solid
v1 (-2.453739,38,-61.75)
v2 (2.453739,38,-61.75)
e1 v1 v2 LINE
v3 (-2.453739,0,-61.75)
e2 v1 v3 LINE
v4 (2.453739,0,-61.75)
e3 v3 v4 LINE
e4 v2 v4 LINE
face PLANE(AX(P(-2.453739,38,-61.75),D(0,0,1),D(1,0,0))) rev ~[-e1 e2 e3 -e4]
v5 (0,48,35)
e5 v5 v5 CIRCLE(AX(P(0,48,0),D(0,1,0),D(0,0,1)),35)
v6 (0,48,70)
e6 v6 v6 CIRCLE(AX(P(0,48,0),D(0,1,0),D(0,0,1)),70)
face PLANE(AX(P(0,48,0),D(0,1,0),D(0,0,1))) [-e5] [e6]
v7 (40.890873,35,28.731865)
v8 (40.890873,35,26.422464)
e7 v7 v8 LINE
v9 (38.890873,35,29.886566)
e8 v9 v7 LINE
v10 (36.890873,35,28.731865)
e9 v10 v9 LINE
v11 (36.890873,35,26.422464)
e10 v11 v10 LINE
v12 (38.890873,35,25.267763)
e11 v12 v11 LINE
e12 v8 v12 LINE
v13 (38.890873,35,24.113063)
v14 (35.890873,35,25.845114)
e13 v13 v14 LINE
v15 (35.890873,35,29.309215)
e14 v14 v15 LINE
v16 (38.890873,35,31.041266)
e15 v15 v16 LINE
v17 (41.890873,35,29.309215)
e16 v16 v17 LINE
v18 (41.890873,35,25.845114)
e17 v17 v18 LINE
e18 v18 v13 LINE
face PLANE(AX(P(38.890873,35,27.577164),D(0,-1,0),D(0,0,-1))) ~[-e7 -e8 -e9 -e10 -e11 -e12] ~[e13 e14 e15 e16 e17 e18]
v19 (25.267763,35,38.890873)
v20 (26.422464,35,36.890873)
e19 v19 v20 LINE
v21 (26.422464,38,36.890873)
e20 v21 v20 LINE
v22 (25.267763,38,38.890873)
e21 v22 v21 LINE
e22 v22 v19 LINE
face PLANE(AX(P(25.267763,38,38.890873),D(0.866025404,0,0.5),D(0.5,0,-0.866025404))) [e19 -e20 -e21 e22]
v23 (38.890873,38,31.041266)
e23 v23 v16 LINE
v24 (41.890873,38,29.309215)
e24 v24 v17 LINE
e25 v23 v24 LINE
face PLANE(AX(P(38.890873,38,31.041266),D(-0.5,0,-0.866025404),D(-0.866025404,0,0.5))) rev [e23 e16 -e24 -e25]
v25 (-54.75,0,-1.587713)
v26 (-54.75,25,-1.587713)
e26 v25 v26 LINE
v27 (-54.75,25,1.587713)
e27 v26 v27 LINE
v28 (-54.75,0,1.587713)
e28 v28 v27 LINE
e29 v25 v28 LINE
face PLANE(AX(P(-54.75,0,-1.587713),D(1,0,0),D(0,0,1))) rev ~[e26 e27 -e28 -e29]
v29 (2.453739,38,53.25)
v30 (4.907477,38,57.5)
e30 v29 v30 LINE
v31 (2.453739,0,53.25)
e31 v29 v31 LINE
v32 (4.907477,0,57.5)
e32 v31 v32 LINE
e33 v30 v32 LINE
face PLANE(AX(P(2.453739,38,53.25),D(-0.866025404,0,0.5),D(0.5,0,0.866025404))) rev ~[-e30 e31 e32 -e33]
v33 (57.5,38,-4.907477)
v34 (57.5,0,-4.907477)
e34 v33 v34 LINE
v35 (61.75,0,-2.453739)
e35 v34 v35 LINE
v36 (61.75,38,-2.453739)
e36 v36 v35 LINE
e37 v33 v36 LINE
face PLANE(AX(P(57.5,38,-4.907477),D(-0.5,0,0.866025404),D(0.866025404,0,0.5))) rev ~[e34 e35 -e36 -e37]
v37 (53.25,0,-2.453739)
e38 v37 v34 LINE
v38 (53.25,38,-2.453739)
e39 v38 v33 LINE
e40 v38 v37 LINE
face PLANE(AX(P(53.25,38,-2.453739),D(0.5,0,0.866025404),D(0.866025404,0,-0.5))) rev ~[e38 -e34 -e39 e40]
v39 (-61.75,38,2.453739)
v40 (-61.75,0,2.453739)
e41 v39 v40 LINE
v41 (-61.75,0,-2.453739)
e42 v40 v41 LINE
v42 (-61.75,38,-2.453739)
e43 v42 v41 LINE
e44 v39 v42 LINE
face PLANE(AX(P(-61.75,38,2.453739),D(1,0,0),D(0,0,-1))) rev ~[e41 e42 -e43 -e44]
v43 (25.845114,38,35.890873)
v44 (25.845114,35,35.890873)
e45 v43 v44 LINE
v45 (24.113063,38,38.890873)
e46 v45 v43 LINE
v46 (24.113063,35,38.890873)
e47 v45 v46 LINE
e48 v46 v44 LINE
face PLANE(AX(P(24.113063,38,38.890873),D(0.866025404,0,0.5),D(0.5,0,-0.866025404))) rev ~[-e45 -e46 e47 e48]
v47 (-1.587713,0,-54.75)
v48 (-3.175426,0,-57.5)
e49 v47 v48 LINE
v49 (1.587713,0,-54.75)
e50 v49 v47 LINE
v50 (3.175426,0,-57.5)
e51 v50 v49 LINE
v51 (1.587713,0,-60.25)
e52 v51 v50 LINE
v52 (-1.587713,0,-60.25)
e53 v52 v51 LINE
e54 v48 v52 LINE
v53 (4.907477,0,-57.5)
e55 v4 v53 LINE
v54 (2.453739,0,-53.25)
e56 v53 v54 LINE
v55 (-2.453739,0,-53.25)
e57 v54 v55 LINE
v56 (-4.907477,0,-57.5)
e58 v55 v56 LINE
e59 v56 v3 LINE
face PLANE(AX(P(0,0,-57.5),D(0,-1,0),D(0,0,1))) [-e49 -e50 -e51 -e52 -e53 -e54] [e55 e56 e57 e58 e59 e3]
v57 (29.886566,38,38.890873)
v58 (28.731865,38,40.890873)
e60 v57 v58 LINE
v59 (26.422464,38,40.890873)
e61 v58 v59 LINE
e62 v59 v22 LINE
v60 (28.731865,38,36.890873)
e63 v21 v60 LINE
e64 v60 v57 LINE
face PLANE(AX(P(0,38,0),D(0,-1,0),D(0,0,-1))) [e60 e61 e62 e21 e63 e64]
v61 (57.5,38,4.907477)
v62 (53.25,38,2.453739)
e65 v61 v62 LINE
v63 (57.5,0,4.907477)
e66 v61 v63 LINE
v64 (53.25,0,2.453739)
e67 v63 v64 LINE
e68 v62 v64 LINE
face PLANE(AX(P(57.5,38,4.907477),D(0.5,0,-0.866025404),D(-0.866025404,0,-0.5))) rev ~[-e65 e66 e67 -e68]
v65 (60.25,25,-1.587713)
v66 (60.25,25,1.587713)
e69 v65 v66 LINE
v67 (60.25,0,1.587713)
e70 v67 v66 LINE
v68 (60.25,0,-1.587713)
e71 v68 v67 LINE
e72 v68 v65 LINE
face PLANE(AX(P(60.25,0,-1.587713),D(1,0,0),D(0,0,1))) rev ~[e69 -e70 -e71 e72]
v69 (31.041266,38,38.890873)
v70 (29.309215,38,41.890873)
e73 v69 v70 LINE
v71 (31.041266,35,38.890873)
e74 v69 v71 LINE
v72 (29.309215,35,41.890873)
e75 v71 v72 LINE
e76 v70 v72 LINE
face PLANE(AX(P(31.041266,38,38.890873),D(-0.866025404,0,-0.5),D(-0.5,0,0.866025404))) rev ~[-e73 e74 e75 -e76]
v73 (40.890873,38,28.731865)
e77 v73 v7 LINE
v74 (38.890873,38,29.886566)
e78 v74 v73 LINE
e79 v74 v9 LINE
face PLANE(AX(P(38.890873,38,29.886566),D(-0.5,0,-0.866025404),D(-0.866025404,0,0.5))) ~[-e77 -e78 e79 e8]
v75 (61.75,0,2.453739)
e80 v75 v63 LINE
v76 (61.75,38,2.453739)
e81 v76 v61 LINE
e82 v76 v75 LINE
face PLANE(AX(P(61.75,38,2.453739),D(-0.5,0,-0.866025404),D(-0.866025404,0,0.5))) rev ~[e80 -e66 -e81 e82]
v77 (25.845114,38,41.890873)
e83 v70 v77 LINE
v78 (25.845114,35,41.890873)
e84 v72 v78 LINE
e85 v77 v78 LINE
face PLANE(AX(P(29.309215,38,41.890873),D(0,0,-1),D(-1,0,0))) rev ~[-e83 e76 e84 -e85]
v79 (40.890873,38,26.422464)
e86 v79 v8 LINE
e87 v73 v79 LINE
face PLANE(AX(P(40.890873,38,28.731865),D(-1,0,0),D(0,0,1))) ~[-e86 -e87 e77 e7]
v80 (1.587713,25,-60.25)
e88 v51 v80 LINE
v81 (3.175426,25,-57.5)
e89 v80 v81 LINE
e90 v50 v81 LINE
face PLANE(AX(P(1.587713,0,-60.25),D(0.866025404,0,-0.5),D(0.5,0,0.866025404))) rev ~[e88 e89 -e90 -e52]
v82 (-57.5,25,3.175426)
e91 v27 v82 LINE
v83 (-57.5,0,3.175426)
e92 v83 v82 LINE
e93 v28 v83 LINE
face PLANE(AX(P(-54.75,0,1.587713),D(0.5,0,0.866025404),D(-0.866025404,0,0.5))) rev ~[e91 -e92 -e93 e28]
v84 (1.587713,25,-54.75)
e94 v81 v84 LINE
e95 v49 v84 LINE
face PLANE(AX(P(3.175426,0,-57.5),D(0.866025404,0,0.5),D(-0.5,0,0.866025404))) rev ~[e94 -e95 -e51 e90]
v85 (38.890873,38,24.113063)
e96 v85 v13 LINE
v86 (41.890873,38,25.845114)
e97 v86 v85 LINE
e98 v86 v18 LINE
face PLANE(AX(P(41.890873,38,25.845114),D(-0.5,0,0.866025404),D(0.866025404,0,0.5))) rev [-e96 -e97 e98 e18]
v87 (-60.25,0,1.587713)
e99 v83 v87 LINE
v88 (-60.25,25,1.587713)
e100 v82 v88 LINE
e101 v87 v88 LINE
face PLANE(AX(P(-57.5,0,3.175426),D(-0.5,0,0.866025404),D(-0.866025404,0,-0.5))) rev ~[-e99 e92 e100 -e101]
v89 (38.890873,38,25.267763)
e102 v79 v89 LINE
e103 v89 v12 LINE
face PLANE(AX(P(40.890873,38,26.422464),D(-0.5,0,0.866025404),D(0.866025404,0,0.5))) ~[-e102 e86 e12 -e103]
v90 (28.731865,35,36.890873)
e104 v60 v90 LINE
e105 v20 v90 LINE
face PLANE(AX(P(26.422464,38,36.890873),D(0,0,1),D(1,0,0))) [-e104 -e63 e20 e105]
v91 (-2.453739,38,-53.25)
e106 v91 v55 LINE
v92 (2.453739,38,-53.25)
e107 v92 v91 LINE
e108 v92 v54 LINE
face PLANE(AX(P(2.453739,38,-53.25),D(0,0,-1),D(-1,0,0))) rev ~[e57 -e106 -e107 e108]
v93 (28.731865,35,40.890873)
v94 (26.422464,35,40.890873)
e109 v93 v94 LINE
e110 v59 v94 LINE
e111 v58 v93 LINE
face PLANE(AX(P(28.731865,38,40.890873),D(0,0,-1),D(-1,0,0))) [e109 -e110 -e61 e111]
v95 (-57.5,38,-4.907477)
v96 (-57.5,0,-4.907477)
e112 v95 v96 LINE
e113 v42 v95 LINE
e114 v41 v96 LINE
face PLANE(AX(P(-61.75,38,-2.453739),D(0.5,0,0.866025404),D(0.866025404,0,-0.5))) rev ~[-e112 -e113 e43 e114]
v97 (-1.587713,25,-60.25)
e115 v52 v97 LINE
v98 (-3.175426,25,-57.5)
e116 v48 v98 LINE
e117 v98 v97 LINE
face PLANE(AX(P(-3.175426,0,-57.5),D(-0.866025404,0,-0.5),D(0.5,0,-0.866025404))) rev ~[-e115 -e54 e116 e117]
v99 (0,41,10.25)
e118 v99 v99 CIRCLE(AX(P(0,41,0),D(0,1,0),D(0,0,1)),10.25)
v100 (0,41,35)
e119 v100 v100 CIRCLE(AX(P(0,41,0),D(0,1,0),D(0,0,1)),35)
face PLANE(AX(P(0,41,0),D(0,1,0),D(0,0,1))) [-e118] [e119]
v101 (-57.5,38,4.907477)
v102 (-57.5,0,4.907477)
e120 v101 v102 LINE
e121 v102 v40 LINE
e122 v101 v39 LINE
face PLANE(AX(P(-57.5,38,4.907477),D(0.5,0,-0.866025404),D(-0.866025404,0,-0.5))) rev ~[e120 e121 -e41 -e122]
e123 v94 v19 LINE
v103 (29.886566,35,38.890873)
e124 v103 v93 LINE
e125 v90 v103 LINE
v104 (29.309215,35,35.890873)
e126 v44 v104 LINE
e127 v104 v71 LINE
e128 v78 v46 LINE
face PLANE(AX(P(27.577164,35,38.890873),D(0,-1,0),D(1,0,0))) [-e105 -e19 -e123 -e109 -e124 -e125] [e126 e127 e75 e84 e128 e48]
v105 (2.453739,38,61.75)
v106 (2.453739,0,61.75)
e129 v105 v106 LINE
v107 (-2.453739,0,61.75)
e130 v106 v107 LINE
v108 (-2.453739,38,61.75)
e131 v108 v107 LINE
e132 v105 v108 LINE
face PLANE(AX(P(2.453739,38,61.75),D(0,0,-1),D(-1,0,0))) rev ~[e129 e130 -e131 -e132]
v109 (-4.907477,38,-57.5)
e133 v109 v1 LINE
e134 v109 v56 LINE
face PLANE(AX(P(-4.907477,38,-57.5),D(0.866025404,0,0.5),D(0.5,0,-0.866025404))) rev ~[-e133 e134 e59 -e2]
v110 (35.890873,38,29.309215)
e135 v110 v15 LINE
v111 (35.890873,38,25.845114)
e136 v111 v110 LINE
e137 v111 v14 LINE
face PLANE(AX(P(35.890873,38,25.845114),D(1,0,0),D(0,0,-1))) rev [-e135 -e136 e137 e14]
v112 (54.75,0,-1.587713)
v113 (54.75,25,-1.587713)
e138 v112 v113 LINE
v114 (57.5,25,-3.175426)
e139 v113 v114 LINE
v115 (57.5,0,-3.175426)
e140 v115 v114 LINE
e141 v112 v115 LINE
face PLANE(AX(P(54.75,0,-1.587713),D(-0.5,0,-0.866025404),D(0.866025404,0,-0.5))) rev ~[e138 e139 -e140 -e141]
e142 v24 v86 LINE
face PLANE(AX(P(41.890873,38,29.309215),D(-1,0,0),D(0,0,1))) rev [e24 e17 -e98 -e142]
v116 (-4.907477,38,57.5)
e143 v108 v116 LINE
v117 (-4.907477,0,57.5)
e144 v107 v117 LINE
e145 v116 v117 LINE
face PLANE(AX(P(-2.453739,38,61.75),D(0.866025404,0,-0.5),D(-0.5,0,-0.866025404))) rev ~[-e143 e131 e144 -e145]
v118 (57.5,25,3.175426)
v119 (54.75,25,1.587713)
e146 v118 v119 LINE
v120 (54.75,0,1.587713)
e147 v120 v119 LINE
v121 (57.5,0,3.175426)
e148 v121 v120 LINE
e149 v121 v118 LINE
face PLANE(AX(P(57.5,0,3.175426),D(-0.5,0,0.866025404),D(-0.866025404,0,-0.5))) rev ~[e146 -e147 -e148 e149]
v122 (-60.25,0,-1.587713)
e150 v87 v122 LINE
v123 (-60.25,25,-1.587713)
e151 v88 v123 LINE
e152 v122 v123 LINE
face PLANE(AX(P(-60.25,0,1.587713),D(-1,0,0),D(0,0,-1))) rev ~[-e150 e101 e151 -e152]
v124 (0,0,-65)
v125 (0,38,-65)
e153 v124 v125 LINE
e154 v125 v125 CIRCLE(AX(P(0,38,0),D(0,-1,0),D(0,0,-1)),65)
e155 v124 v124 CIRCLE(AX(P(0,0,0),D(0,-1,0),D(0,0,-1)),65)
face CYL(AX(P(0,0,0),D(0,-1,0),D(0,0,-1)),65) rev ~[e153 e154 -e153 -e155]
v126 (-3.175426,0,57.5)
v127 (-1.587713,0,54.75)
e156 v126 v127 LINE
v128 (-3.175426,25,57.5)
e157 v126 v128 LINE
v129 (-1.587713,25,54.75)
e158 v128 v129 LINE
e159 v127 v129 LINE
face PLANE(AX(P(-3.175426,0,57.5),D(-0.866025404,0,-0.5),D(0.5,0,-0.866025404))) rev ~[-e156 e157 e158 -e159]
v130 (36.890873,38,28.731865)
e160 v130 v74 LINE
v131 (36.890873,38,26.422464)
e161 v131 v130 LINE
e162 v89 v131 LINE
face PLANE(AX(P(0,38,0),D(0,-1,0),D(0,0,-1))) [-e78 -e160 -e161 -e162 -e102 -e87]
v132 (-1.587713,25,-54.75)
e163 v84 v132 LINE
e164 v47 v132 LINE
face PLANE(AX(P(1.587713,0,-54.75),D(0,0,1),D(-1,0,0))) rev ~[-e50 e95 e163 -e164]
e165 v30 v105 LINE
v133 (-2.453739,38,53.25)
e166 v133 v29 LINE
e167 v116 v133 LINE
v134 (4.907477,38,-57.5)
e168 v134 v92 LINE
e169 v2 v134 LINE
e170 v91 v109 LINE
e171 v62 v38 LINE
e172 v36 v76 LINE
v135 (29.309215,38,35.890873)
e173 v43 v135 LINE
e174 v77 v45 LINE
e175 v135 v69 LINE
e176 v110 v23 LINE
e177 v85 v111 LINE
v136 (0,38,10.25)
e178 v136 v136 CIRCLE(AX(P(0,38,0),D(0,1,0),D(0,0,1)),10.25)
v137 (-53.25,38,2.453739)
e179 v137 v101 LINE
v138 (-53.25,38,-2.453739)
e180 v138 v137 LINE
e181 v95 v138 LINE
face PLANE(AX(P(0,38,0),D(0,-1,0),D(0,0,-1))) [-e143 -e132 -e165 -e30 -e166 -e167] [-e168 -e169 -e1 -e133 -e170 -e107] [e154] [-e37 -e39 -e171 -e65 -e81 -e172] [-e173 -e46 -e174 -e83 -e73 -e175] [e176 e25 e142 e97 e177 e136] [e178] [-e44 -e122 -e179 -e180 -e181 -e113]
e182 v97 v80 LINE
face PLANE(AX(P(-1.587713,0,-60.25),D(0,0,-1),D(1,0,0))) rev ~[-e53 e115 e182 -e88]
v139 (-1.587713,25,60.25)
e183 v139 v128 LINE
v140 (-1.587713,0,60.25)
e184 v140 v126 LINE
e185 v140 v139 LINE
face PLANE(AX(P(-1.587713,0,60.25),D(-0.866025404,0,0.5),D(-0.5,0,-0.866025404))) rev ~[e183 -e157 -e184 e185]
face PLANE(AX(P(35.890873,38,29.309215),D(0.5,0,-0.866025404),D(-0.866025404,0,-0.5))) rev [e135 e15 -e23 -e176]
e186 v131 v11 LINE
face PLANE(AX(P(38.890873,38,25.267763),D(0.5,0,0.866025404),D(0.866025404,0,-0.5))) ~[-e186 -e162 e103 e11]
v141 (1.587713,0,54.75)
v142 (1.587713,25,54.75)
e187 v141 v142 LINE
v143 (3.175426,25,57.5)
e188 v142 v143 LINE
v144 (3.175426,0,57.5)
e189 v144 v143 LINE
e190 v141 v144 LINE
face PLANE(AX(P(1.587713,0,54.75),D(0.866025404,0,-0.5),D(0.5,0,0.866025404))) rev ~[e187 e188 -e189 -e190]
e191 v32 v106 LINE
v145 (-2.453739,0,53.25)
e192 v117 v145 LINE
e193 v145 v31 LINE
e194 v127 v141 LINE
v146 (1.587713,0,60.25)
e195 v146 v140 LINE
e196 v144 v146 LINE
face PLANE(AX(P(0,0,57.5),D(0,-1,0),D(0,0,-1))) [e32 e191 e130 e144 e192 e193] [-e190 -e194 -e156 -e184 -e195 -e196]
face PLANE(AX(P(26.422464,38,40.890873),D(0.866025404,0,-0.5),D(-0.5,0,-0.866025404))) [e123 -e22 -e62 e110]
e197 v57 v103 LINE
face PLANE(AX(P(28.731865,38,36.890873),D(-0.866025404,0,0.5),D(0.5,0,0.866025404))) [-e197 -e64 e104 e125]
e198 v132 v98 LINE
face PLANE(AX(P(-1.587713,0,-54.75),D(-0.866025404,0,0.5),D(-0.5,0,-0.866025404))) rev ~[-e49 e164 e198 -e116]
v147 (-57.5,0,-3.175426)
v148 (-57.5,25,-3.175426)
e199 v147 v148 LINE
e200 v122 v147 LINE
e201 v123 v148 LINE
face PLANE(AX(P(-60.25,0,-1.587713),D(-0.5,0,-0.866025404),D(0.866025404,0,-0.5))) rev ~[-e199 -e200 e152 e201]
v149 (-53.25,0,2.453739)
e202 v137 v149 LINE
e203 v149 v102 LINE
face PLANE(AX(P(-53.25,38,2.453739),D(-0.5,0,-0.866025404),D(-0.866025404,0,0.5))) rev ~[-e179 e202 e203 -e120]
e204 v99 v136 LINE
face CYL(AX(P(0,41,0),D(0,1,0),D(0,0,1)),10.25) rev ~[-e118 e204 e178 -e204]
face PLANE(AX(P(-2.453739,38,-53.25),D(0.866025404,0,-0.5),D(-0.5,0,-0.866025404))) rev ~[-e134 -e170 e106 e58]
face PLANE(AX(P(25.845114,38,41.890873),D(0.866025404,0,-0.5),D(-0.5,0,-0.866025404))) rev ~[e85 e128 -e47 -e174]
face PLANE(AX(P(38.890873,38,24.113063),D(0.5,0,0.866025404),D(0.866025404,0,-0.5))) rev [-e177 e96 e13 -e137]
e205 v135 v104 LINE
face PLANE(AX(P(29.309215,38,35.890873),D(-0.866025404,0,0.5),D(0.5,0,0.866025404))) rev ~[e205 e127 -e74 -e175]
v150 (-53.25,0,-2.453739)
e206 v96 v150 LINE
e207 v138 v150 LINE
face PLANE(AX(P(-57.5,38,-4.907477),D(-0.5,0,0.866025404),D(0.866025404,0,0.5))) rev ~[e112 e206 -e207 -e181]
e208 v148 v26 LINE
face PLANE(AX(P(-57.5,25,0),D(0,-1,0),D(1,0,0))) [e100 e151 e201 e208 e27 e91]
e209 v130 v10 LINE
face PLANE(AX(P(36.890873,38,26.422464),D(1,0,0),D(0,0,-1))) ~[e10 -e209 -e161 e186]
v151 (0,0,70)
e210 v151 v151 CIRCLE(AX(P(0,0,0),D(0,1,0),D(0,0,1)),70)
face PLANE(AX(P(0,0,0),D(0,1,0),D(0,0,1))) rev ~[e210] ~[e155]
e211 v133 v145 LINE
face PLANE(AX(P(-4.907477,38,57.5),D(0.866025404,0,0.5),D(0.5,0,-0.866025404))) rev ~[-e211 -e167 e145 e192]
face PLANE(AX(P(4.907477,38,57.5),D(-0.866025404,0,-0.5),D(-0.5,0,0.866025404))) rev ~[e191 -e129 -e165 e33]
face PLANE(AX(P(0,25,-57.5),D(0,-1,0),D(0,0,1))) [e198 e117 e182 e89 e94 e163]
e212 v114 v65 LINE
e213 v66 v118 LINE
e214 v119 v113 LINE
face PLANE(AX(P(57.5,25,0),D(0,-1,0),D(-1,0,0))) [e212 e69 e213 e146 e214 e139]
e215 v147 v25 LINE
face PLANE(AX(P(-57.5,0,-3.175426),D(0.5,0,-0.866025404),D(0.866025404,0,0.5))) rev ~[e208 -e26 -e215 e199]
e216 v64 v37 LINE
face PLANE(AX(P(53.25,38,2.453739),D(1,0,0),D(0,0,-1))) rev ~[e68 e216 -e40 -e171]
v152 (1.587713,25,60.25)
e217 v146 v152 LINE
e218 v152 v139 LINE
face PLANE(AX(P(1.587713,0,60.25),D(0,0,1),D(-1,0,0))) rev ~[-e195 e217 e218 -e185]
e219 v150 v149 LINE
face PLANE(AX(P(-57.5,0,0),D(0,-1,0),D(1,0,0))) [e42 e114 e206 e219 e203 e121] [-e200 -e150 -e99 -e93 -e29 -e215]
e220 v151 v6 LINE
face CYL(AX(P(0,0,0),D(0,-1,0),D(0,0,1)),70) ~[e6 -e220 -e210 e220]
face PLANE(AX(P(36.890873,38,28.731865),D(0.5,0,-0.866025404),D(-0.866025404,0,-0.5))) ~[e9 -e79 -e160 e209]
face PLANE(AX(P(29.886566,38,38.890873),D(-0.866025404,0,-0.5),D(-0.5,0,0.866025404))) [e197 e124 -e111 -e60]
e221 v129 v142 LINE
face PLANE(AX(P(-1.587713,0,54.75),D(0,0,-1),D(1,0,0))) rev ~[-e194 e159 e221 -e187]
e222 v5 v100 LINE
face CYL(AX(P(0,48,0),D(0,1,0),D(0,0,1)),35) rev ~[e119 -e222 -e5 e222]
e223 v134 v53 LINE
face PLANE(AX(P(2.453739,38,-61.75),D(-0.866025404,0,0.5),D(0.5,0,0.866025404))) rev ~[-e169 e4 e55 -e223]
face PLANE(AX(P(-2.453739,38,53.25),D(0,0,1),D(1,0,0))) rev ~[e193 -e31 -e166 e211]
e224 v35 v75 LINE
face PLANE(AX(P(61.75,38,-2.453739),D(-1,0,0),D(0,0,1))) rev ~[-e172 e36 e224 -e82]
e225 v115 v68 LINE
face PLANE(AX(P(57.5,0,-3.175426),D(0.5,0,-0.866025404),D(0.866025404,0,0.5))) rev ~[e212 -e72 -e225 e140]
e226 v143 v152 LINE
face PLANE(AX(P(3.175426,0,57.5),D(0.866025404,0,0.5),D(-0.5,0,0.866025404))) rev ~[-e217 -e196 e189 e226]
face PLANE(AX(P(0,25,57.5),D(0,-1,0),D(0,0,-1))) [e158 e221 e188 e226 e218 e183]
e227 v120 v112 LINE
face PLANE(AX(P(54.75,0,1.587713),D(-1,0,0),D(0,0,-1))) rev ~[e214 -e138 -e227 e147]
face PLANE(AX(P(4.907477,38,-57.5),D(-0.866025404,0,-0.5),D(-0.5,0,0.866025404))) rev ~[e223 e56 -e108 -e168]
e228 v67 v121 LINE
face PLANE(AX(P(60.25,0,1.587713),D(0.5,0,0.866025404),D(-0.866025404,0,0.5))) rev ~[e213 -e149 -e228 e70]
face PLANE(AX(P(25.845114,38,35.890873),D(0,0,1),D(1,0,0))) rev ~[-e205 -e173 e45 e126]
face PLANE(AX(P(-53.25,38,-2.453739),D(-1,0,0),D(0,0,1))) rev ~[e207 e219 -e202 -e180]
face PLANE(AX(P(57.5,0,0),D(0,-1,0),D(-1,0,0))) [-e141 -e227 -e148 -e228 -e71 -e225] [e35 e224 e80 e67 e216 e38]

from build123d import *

# Parameters (mm, degrees)
SKETCH1_R           = 70
BOSS_EXTRUDE1_DEPTH = 48
SKETCH2_R           = 35
CUT_EXTRUDE1_DEPTH  = 7
SKETCH3_R           = 10.25
CUT_EXTRUDE2_DEPTH  = 108.14942837
SKETCH4_R           = 65
CUT_EXTRUDE4_DEPTH  = 38
BOSS_EXTRUDE2_DEPTH = 38
CUT_EXTRUDE5_DEPTH  = 25
CIRPATTERN1_COUNT   = 4
BOSS_EXTRUDE3_DEPTH = 3


with BuildPart() as part:
    # Sketch1 → Boss-Extrude1 (new body)
    with BuildSketch(Plane(origin=(0, 0, 0), x_dir=(1, 0, 0), z_dir=(0, 1, 0))):
        with Locations(Location((0, 0, 0), (0, 0, 270))):
            Circle(SKETCH1_R)
    extrude(amount=BOSS_EXTRUDE1_DEPTH)

    # Sketch2 → Cut-Extrude1 (cut)
    with BuildSketch(Plane(origin=(0, 48, 0), x_dir=(1, 0, 0), z_dir=(0, 1, 0))):
        with Locations(Location((0, 0, 0), (0, 0, 270))):
            Circle(SKETCH2_R)
    extrude(amount=-CUT_EXTRUDE1_DEPTH, mode=Mode.SUBTRACT)

    # Sketch3 → Cut-Extrude2 (cut, through all)
    with BuildSketch(Plane(origin=(0, 41, 0), x_dir=(1, 0, 0), z_dir=(0, 1, 0))):
        with Locations(Location((0, 0, 0), (0, 0, 270))):
            Circle(SKETCH3_R)
    extrude(amount=-CUT_EXTRUDE2_DEPTH, mode=Mode.SUBTRACT)

    # Sketch4 → Cut-Extrude4 (cut)
    with BuildSketch(Plane.XZ):
        with Locations(Location((0, 0, 0), (0, 0, 270))):
            Circle(SKETCH4_R)
    extrude(amount=-CUT_EXTRUDE4_DEPTH, mode=Mode.SUBTRACT)

    # Sketch7 → Boss-Extrude2 (add)
    with BuildSketch(Plane.XZ.offset(-38)):
        Polygon((-57.5, 4.907477288), (-61.75, 2.453738644), (-61.75, -2.453738644), (-57.5, -4.907477288), (-53.25, -2.453738644), (-53.25, 2.453738644), align=None)
    boss_extrude2 = extrude(amount=BOSS_EXTRUDE2_DEPTH)

    # Sketch10 → Cut-Extrude5 (cut)
    with BuildSketch(Plane.XZ):
        Polygon((-57.5, 3.175426481), (-60.25, 1.58771324), (-60.25, -1.58771324), (-57.5, -3.175426481), (-54.75, -1.58771324), (-54.75, 1.58771324), align=None)
    cut_extrude5 = extrude(amount=-CUT_EXTRUDE5_DEPTH, mode=Mode.SUBTRACT)

    # CirPattern1: Boss-Extrude2, Cut-Extrude5 ×4 about axis
    cirpattern1_axis = Axis((0, 0, 0), (0, 1, 0))
    add([boss_extrude2.rotate(cirpattern1_axis, i * 360 / CIRPATTERN1_COUNT) for i in range(1, CIRPATTERN1_COUNT)])
    add([cut_extrude5.rotate(cirpattern1_axis, i * 360 / CIRPATTERN1_COUNT) for i in range(1, CIRPATTERN1_COUNT)], mode=Mode.SUBTRACT)

    # Sketch14 → Boss-Extrude3 (add)
    with BuildSketch(Plane.XZ.offset(-38)):
        Polygon((31.041266081, 38.890872965), (29.309215274, 41.890872965), (25.845113659, 41.890872965), (24.113062851, 38.890872965), (25.845113659, 35.890872965), (29.309215274, 35.890872965), align=None)
        Polygon((25.26776339, 38.890872965), (26.422463928, 36.890872965), (28.731865005, 36.890872965), (29.886565543, 38.890872965), (28.731865005, 40.890872965), (26.422463928, 40.890872965), align=None, mode=Mode.SUBTRACT)
    boss_extrude3 = extrude(amount=BOSS_EXTRUDE3_DEPTH)

    # Mirror1: Boss-Extrude3 across plane
    add(boss_extrude3.mirror(Plane(origin=(0, 0, 0), x_dir=(0.7071067811865436, 0, 0.7071067811865515), z_dir=(-0.7071067811865515, 0, 0.7071067811865436))))


solid = part.part
